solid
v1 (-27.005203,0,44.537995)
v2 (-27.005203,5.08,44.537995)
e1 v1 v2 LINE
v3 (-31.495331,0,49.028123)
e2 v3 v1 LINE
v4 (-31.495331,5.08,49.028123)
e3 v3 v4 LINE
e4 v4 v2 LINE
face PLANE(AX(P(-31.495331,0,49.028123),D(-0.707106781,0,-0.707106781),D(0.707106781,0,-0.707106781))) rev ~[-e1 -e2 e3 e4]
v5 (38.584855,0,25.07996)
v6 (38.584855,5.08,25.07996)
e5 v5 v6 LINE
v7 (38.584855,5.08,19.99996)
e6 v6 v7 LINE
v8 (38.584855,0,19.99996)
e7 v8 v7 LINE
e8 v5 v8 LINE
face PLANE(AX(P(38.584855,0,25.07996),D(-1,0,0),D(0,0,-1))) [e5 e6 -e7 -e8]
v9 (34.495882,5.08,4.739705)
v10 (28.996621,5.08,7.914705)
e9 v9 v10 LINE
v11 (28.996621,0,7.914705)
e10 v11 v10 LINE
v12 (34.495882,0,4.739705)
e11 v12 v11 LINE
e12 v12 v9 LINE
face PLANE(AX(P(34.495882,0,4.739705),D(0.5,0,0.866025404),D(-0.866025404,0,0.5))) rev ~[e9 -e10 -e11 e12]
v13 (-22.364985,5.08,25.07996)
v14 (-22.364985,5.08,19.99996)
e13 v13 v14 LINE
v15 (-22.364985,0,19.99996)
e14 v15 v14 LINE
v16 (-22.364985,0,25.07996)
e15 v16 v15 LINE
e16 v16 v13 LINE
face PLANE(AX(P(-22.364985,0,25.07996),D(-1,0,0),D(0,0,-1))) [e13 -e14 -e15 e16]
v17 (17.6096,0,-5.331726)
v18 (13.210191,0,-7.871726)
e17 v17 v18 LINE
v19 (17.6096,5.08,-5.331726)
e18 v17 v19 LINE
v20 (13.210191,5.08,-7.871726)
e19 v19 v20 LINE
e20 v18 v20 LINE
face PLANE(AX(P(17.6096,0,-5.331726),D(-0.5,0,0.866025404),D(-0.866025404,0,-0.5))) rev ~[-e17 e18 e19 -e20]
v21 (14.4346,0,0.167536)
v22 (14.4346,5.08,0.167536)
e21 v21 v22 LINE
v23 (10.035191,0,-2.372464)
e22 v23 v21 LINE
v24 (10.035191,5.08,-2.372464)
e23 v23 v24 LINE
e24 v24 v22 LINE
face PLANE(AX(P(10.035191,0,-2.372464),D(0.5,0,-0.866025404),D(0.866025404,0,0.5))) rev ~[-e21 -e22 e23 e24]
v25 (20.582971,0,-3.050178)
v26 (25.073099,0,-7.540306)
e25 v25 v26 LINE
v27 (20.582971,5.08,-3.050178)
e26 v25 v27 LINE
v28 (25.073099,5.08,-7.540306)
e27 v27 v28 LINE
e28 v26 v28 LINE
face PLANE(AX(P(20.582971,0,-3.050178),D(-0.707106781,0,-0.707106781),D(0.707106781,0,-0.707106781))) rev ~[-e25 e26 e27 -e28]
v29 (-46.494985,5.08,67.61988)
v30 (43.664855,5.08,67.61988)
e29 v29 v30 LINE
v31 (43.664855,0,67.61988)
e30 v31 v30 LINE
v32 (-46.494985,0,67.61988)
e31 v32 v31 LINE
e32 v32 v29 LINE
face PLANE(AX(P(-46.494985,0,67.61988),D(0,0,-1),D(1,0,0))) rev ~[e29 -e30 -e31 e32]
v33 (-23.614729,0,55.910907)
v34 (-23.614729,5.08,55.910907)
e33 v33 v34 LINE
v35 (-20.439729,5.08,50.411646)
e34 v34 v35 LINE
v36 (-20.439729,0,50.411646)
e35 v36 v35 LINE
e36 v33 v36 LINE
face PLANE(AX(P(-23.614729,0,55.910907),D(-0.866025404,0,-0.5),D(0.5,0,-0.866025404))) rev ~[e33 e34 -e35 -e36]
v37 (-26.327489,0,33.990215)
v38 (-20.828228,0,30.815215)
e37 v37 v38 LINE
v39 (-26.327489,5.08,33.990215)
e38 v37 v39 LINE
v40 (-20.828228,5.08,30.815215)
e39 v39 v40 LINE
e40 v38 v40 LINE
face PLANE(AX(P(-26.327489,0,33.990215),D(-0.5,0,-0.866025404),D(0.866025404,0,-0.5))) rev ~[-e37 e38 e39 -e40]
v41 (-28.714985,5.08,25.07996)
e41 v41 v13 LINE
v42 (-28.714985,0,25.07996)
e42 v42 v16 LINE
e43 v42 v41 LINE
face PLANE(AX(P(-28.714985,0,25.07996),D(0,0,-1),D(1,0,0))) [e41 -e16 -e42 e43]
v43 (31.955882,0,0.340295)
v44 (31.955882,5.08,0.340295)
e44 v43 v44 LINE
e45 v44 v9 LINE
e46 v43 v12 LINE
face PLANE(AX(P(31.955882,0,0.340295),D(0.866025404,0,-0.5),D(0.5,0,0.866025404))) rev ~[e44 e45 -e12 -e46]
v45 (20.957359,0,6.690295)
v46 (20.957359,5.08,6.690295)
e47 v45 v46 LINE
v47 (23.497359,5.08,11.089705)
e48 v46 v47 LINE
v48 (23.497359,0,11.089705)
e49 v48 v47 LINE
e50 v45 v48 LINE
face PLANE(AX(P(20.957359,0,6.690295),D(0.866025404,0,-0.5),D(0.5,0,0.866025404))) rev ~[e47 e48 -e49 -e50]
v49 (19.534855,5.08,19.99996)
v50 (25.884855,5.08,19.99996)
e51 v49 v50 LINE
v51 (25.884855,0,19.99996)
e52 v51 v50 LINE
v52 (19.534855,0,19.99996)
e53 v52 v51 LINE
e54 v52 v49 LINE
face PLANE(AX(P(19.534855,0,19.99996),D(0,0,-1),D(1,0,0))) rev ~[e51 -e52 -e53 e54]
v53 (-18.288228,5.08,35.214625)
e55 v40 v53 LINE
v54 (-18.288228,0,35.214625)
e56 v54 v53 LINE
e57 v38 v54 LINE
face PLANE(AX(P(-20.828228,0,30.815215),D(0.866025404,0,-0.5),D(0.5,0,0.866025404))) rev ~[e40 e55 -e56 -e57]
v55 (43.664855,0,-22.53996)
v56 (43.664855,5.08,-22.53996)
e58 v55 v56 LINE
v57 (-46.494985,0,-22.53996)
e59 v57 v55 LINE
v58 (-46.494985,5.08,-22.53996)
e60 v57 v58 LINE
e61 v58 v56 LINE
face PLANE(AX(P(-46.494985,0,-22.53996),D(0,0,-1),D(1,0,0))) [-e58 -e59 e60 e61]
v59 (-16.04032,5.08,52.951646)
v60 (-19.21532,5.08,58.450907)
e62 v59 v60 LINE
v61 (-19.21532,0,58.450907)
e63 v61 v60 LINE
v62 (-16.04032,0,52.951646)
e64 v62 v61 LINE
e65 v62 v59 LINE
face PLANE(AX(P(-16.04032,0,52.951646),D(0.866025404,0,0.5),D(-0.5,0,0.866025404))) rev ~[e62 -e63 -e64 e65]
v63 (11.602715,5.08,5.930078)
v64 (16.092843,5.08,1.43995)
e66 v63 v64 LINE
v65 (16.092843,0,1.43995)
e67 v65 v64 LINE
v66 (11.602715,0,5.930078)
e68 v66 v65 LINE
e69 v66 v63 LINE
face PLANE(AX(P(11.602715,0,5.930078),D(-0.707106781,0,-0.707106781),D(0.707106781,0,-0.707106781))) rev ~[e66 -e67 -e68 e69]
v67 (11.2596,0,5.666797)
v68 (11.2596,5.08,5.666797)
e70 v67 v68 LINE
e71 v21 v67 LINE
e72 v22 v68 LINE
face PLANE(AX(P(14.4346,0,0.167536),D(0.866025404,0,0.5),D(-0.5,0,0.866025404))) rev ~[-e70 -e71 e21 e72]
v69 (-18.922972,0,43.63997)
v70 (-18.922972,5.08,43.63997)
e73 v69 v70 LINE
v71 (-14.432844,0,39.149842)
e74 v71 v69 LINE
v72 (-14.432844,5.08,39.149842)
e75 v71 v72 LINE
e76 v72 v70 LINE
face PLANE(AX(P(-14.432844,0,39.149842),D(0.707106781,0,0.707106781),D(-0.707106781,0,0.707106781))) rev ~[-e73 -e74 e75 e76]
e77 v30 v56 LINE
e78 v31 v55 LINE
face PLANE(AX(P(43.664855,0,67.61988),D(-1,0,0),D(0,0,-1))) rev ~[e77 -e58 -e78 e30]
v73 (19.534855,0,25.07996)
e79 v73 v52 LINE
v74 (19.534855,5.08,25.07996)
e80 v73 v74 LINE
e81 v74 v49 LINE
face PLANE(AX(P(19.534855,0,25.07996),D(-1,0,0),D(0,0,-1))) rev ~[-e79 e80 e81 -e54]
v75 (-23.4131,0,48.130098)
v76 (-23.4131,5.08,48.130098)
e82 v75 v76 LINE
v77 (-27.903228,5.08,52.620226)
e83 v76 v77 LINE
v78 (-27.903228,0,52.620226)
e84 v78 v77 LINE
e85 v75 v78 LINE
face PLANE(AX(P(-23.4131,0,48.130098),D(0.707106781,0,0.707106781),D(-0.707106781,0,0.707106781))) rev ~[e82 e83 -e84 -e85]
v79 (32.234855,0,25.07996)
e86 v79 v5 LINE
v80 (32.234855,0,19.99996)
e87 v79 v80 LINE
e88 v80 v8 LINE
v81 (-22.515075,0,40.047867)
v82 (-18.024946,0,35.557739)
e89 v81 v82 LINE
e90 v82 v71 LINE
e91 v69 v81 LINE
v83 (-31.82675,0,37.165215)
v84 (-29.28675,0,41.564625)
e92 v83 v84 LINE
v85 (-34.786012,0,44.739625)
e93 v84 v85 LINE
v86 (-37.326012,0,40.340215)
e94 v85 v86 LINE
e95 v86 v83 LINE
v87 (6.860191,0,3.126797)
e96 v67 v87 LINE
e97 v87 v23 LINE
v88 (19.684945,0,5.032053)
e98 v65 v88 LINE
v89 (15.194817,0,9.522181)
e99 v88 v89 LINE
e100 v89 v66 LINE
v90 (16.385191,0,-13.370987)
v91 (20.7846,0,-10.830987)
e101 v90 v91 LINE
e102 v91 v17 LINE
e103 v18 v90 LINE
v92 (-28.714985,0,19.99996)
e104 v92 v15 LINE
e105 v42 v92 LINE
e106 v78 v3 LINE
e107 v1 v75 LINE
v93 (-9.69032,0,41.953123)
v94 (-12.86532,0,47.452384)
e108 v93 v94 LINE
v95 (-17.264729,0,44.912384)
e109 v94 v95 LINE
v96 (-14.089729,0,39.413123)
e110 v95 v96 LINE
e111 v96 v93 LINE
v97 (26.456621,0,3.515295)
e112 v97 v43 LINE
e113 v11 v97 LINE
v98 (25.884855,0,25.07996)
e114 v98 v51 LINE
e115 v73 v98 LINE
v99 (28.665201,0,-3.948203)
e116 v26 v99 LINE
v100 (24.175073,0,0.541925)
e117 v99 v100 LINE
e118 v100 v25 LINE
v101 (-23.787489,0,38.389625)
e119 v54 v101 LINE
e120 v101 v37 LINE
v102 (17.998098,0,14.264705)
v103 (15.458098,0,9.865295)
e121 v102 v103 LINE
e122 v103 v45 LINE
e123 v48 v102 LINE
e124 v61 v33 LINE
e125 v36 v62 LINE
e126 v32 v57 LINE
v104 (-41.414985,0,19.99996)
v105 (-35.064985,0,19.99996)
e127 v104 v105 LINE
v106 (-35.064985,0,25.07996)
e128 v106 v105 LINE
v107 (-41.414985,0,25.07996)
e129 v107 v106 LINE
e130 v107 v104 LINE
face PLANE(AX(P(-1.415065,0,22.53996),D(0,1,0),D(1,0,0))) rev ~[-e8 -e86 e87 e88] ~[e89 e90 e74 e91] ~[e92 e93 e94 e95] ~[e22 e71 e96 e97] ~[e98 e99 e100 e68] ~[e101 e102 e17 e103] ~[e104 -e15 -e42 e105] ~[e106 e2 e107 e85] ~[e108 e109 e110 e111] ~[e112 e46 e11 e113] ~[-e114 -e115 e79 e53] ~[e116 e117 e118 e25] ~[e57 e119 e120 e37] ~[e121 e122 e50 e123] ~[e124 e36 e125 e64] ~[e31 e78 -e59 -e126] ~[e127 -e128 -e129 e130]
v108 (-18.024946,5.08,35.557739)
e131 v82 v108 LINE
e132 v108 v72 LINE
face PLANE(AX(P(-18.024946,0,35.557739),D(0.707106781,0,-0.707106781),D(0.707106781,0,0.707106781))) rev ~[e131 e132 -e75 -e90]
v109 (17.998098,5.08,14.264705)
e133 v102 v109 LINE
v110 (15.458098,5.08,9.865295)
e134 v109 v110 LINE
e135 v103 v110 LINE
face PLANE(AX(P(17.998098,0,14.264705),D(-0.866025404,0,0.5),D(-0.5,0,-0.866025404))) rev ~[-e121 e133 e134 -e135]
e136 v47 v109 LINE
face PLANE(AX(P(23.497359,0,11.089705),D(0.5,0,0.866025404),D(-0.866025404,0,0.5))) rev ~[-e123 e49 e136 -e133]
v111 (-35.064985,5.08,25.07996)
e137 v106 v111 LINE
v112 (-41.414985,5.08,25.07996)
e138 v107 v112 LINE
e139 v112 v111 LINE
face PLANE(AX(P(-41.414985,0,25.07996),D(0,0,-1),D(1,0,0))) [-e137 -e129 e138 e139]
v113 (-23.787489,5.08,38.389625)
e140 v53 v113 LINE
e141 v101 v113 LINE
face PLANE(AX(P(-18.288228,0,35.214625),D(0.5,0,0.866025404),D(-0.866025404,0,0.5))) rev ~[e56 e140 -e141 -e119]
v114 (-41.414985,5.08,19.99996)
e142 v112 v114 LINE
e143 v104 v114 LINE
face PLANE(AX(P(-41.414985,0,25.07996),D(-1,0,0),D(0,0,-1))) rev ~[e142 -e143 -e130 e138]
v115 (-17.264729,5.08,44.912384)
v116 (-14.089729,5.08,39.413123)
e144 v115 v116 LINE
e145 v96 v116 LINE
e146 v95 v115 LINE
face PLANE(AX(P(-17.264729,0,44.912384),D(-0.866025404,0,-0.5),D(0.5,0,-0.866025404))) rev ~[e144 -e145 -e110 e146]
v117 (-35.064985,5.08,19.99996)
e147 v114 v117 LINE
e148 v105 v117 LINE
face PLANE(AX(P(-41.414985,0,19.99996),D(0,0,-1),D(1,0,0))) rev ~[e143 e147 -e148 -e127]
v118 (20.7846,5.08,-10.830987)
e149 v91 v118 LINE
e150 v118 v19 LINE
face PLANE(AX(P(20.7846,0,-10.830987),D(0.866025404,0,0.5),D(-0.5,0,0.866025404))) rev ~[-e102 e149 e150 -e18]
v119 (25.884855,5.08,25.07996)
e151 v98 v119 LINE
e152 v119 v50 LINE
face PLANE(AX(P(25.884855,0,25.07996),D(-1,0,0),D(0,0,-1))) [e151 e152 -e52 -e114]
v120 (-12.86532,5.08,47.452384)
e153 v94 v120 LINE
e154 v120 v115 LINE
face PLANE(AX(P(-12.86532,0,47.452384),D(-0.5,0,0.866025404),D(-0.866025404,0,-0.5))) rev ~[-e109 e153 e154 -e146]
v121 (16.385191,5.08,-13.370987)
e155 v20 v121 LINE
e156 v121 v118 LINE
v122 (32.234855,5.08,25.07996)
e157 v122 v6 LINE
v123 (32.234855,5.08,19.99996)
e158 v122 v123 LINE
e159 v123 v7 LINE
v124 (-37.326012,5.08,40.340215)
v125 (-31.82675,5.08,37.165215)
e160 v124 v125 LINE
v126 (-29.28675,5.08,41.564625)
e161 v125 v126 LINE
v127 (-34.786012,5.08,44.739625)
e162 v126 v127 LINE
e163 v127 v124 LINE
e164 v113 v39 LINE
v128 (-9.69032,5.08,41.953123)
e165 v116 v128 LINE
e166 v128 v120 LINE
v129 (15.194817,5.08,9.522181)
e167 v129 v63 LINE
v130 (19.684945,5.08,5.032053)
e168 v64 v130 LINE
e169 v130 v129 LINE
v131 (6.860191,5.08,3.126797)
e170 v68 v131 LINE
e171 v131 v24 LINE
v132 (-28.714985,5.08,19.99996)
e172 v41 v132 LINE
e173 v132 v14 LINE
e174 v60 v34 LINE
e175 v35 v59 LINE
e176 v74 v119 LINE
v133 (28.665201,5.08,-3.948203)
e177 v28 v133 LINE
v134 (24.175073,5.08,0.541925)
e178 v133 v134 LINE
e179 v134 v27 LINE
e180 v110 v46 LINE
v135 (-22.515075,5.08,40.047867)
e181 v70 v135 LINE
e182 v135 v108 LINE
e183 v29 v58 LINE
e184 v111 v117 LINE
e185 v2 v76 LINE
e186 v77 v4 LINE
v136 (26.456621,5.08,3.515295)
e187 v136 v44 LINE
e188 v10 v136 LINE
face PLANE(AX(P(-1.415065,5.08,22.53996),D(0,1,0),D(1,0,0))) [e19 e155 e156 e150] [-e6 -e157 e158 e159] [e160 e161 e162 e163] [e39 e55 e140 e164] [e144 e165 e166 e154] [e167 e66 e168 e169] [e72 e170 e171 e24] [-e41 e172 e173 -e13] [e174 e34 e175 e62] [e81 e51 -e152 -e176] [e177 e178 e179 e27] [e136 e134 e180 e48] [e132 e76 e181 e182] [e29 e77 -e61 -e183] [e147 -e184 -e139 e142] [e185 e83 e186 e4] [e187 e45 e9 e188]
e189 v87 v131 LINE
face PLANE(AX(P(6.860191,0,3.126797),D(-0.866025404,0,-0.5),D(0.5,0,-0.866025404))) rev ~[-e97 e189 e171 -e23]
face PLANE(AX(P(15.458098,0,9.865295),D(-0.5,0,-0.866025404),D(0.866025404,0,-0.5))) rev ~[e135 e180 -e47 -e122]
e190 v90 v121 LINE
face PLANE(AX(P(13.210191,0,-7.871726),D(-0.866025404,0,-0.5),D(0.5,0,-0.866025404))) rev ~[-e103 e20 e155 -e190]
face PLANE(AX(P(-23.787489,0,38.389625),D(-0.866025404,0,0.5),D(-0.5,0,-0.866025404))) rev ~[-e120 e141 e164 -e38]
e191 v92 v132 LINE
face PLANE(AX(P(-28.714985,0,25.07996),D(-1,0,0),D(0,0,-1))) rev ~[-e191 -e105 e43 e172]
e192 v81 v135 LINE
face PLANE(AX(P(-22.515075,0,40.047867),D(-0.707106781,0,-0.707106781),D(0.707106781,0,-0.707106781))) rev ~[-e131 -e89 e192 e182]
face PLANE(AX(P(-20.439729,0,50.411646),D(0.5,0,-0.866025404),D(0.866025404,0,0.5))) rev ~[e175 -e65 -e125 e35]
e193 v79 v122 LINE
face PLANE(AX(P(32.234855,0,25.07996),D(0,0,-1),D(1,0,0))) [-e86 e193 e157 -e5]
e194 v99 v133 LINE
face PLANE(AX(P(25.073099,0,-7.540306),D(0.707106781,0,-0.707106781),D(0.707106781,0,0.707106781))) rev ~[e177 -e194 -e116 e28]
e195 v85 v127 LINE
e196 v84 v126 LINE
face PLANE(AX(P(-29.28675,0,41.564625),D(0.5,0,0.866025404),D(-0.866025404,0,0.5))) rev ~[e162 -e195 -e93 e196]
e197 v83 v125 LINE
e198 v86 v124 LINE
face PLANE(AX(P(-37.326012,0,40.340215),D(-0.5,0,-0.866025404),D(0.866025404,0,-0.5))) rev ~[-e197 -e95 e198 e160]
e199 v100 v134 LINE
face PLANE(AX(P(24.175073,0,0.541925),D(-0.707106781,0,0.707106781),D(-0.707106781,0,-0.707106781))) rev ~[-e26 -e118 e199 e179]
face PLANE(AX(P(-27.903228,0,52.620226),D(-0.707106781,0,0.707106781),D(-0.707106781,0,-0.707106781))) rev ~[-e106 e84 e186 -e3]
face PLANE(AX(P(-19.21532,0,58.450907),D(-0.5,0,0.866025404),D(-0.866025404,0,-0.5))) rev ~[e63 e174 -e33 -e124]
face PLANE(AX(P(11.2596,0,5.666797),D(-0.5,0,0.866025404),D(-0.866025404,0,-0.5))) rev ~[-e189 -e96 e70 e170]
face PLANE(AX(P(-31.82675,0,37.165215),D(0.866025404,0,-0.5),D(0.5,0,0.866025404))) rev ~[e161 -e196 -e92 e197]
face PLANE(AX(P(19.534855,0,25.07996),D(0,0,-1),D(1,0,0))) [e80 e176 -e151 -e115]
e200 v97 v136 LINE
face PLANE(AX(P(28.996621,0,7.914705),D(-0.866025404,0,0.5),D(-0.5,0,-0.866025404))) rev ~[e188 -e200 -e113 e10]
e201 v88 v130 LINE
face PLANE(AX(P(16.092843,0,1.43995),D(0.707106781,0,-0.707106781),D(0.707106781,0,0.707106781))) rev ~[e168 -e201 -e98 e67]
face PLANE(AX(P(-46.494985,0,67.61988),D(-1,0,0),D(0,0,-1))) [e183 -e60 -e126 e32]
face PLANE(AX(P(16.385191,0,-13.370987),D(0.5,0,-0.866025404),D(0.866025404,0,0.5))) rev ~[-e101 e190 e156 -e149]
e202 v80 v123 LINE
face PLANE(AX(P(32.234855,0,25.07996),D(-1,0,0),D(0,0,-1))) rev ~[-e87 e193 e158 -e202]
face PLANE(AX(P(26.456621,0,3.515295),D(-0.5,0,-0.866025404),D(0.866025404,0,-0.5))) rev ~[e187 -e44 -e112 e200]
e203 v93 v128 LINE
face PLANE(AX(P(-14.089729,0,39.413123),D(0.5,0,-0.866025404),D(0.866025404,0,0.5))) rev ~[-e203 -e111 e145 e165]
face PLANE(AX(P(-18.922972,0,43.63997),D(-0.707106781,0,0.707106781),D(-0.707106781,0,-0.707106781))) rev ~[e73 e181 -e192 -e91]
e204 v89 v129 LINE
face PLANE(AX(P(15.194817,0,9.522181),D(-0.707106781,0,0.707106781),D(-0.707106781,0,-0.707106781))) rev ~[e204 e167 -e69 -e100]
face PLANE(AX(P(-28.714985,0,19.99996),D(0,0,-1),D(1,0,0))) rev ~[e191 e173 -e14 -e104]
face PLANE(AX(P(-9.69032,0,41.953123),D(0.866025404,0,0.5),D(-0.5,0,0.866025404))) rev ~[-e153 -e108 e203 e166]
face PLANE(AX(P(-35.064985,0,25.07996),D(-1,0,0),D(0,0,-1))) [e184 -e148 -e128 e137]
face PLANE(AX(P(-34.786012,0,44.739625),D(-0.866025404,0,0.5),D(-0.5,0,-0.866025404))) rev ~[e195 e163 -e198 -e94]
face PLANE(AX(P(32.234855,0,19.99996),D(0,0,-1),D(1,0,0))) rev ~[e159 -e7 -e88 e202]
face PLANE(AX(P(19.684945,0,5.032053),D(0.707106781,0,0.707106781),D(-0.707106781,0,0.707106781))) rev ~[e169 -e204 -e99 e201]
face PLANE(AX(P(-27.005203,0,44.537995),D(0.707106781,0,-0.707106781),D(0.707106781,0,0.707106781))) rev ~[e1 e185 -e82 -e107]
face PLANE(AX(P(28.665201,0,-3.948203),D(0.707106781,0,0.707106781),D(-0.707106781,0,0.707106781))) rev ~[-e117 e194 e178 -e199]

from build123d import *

# Parameters (mm, degrees)
SKETCH1_W           = 90.15984
SKETCH1_H           = 90.15984
SKETCH1_W_2         = 6.35
SKETCH1_H_2         = 5.08
BOSS_EXTRUDE1_DEPTH = 5.08


with BuildPart() as part:
    # Sketch1 → Boss-Extrude1 (new body)
    with BuildSketch(Plane(origin=(0, 0, 0), x_dir=(1, 0, 0), z_dir=(0, 1, 0))):
        with Locations((-1.415064753, -22.53996)):
            Rectangle(SKETCH1_W, SKETCH1_H)
        with Locations((-38.239984753, -22.53996)):
            Rectangle(SKETCH1_W_2, SKETCH1_H_2, mode=Mode.SUBTRACT)
        with Locations((-25.539984753, -22.53996)):
            Rectangle(SKETCH1_W_2, SKETCH1_H_2, mode=Mode.SUBTRACT)
        Polygon((20.784599772, 10.830986869), (17.609599772, 5.331725555), (13.210190721, 7.871725555), (16.385190721, 13.370986869), align=None, mode=Mode.SUBTRACT)
        Polygon((14.434599772, -0.167535759), (11.259599772, -5.666797073), (6.860190721, -3.126797073), (10.035190721, 2.372464241), align=None, mode=Mode.SUBTRACT)
        Polygon((28.66520115, 3.948203455), (24.175073089, -0.541924606), (20.582970641, 3.050177843), (25.073098701, 7.540305903), align=None, mode=Mode.SUBTRACT)
        Polygon((19.684945029, -5.032052666), (15.194816968, -9.522180727), (11.60271452, -5.930078278), (16.09284258, -1.439950218), align=None, mode=Mode.SUBTRACT)
        Polygon((34.495882116, -4.739704526), (28.996620802, -7.914704526), (26.456620802, -3.515295474), (31.955882116, -0.340295474), align=None, mode=Mode.SUBTRACT)
        Polygon((23.497359488, -11.089704526), (17.998098174, -14.264704526), (15.458098174, -9.865295474), (20.957359488, -6.690295474), align=None, mode=Mode.SUBTRACT)
        with Locations((35.409855247, -22.53996)):
            Rectangle(SKETCH1_W_2, SKETCH1_H_2, mode=Mode.SUBTRACT)
        with Locations((22.709855247, -22.53996)):
            Rectangle(SKETCH1_W_2, SKETCH1_H_2, mode=Mode.SUBTRACT)
        Polygon((-23.614729279, -55.910906869), (-20.439729279, -50.411645555), (-16.040320228, -52.951645555), (-19.215320228, -58.450906869), align=None, mode=Mode.SUBTRACT)
        Polygon((-17.264729279, -44.912384241), (-14.089729279, -39.413122927), (-9.690320228, -41.953122927), (-12.865320228, -47.452384241), align=None, mode=Mode.SUBTRACT)
        Polygon((-31.495330656, -49.028123455), (-27.005202596, -44.537995394), (-23.413100148, -48.130097843), (-27.903228208, -52.620225903), align=None, mode=Mode.SUBTRACT)
        Polygon((-22.515074535, -40.047867334), (-18.024946475, -35.557739273), (-14.432844026, -39.149841722), (-18.922972087, -43.639969782), align=None, mode=Mode.SUBTRACT)
        Polygon((-37.326011623, -40.340215474), (-31.826750309, -37.165215474), (-29.286750309, -41.564624526), (-34.786011623, -44.739624526), align=None, mode=Mode.SUBTRACT)
        Polygon((-26.327488995, -33.990215474), (-20.828227681, -30.815215474), (-18.288227681, -35.214624526), (-23.787488995, -38.389624526), align=None, mode=Mode.SUBTRACT)
    extrude(amount=BOSS_EXTRUDE1_DEPTH)


solid = part.part
